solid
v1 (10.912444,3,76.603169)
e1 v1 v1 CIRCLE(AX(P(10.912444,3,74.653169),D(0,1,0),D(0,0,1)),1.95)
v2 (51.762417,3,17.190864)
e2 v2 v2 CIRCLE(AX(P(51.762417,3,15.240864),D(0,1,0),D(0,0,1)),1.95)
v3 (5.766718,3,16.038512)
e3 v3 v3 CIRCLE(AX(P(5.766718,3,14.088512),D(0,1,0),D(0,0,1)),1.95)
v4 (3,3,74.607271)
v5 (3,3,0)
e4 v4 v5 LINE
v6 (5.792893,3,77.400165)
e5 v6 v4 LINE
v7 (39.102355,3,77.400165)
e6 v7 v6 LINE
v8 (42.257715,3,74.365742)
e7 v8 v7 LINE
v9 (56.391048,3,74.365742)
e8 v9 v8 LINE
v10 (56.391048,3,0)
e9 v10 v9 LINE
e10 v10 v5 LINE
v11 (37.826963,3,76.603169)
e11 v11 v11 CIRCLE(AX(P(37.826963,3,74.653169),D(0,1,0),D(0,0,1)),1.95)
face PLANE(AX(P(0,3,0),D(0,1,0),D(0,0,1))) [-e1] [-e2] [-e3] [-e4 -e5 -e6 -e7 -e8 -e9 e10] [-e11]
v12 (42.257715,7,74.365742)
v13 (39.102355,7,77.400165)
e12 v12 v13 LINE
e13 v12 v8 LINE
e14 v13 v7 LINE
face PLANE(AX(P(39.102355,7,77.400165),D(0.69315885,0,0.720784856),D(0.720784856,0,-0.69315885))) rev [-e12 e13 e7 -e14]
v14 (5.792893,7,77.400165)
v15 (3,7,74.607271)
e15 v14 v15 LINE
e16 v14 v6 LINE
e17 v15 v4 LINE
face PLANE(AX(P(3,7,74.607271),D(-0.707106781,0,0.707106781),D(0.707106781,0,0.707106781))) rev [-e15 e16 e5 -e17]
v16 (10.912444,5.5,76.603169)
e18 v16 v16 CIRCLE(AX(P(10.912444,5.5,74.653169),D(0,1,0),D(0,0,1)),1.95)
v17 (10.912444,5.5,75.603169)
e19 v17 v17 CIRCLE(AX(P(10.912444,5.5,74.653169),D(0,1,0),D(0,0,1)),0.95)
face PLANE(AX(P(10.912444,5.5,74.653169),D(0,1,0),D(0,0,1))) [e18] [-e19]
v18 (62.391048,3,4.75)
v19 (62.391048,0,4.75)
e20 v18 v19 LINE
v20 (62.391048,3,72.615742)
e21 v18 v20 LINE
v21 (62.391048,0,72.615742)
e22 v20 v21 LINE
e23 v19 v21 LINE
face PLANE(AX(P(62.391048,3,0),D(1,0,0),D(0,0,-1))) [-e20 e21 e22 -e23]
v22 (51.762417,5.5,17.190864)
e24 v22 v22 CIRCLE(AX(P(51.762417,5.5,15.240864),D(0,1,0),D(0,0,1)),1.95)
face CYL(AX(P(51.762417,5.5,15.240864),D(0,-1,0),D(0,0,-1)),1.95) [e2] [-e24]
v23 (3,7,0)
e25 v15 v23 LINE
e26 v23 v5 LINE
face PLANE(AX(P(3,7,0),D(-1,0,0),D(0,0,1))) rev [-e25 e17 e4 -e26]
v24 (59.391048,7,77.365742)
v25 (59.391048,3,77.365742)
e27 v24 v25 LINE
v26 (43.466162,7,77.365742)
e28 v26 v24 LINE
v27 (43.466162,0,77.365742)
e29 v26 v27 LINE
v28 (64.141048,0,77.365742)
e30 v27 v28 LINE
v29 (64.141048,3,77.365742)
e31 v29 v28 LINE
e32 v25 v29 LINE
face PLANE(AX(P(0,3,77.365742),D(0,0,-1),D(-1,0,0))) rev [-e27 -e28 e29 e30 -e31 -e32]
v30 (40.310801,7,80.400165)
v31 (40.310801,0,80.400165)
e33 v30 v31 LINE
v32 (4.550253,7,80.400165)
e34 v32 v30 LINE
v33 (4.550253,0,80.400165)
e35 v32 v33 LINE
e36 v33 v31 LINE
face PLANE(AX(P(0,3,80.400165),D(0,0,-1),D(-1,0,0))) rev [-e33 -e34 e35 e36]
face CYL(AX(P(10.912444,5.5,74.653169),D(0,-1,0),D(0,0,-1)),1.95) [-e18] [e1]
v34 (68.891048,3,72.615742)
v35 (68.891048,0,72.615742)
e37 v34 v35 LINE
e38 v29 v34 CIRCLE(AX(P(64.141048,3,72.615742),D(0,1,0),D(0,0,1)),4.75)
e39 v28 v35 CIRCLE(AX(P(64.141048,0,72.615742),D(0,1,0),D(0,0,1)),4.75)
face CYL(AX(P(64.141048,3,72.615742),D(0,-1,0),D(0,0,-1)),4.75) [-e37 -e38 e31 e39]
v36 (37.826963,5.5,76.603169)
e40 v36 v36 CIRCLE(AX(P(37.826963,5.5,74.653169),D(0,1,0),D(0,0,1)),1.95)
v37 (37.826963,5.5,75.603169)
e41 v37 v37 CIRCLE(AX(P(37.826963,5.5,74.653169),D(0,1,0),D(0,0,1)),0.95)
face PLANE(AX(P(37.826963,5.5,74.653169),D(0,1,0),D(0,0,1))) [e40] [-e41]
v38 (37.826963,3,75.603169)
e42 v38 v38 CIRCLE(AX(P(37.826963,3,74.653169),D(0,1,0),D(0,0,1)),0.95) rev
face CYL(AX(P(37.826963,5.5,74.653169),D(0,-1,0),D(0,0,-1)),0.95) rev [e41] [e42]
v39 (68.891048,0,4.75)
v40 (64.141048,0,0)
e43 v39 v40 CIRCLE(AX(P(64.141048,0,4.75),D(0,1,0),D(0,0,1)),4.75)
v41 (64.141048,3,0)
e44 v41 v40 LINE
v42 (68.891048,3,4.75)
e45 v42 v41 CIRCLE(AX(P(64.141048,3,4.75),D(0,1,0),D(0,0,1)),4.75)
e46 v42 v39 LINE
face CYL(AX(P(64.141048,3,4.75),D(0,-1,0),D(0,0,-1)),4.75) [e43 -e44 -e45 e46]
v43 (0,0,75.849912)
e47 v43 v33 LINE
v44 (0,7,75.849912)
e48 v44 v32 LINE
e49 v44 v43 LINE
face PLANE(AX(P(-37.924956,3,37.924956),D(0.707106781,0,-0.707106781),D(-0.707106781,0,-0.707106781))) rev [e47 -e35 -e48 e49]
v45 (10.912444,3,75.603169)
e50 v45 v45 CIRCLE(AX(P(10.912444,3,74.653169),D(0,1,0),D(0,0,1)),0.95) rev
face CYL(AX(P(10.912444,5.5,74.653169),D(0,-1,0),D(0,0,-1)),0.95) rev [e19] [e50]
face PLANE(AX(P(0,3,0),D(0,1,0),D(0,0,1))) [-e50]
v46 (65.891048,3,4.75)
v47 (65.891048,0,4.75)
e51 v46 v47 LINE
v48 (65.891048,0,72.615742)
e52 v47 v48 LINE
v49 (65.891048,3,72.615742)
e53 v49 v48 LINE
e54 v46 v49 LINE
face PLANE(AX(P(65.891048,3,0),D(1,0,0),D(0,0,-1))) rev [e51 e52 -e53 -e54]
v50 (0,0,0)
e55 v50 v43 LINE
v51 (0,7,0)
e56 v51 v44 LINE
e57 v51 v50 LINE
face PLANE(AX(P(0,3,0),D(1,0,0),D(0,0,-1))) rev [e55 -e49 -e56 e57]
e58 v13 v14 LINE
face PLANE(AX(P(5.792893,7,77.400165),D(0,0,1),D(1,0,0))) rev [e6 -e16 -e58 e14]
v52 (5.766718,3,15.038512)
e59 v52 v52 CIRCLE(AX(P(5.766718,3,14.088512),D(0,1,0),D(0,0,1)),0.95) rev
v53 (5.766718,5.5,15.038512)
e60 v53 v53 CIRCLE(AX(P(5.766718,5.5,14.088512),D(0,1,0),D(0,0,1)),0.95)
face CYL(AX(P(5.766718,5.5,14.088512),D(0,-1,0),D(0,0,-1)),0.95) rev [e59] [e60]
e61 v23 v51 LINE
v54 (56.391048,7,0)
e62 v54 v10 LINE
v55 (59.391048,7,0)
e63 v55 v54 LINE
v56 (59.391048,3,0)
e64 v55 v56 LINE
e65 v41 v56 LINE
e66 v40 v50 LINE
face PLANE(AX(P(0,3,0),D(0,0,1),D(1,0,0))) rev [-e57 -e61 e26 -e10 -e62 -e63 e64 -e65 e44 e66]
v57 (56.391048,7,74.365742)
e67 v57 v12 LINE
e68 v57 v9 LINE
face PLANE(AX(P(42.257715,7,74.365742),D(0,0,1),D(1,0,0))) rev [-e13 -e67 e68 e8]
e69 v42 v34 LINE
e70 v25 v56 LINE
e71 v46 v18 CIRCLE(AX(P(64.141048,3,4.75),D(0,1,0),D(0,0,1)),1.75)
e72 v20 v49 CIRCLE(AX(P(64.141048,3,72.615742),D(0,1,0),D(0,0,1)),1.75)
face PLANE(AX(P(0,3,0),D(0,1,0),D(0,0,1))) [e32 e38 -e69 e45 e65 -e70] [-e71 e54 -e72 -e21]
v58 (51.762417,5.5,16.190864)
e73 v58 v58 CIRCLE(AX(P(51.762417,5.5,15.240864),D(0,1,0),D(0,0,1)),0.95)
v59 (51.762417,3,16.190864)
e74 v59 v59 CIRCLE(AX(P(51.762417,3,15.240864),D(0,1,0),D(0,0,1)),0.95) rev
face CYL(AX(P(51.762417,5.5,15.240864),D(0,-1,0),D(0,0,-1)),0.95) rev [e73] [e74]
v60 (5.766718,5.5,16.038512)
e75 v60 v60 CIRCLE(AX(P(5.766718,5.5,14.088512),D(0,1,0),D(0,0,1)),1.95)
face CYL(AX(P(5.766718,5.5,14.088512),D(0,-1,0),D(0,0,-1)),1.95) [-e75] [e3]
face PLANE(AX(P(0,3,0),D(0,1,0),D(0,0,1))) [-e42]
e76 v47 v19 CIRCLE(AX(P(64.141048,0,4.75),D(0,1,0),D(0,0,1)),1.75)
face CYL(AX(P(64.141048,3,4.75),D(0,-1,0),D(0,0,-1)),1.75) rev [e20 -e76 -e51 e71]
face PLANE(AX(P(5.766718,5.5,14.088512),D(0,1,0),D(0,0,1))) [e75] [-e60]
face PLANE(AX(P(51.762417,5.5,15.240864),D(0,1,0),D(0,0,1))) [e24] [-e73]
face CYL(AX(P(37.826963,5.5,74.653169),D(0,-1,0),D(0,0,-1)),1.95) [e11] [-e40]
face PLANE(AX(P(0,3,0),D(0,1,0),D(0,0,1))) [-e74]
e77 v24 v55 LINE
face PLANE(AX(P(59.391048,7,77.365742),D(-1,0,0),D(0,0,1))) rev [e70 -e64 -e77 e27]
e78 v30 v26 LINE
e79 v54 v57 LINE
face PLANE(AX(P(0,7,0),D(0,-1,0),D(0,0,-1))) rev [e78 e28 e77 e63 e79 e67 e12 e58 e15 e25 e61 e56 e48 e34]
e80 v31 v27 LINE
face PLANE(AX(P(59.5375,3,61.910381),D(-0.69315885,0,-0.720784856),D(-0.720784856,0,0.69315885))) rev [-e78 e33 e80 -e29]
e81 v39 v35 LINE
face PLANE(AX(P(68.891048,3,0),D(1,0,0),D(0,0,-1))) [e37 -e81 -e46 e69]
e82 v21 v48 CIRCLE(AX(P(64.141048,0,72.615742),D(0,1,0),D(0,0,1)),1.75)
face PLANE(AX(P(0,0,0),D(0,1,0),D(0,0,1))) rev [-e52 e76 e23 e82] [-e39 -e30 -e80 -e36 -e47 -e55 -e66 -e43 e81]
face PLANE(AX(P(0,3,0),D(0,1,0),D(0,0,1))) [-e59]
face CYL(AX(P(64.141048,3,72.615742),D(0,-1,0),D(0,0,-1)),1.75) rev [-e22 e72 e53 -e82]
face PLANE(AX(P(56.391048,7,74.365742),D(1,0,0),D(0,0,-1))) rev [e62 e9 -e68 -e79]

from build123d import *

# Parameters (mm, degrees)
CROQUIS2_R              = 0.95
SALIENTE_EXTRUIR1_DEPTH = 3
SALIENTE_EXTRUIR2_DEPTH = 4
CROQUIS5_R              = 1.95
CROQUIS5_R_2            = 0.95
SALIENTE_EXTRUIR3_DEPTH = 2.5


with BuildPart() as part:
    # Croquis2 → Saliente-Extruir1 (new body)
    # profile 1 of 9: a face of its own
    with BuildSketch(Plane(origin=(0, 0, 0), x_dir=(1, 0, 0), z_dir=(0, 1, 0))):
        Polygon((42.257715083, -74.365742034), (56.391047804, -74.365742034), (56.391047804, 0), (3, 0), (3, -74.607271369), (5.792893219, -77.400164587), (39.10235492, -77.400164587), align=None)
        with Locations((5.766718429, -14.088511522)):
            Circle(CROQUIS2_R, mode=Mode.SUBTRACT)
        with Locations((51.762416691, -15.240864439)):
            Circle(CROQUIS2_R, mode=Mode.SUBTRACT)
        with Locations((10.912444351, -74.653169117)):
            Circle(CROQUIS2_R, mode=Mode.SUBTRACT)
        with Locations((37.82696283, -74.653169117)):
            Circle(CROQUIS2_R, mode=Mode.SUBTRACT)
    # profile 2 of 9: a face of its own
    with BuildSketch(Plane(origin=(0, 0, 0), x_dir=(1, 0, 0), z_dir=(0, 1, 0))):
        Polygon((3, 0), (0, 0), (0, -75.849912056), (4.550252532, -80.400164587), (40.310801486, -80.400164587), (43.466161649, -77.365742034), (59.391047804, -77.365742034), (59.391047804, -72.615742034), (59.391047804, -4.75), (59.391047804, 0), (56.391047804, 0), (56.391047804, -74.365742034), (42.257715083, -74.365742034), (39.10235492, -77.400164587), (5.792893219, -77.400164587), (3, -74.607271369), align=None)
    # profile 3 of 9: a face of its own
    with BuildSketch(Plane(origin=(0, 0, 0), x_dir=(1, 0, 0), z_dir=(0, 1, 0))):
        with Locations((5.766718429, -14.088511522)):
            Circle(CROQUIS2_R)
    # profile 4 of 9: a face of its own
    with BuildSketch(Plane(origin=(0, 0, 0), x_dir=(1, 0, 0), z_dir=(0, 1, 0))):
        with Locations((37.82696283, -74.653169117)):
            Circle(CROQUIS2_R)
    # profile 5 of 9: a face of its own
    with BuildSketch(Plane(origin=(0, 0, 0), x_dir=(1, 0, 0), z_dir=(0, 1, 0))):
        with BuildLine():
            ThreePointArc((64.141047804, 0), (60.782290593, -1.391242789), (59.391047804, -4.75))
            Line((59.391047804, -4.75), (59.391047804, -72.615742034))
            ThreePointArc((59.391047804, -72.615742034), (60.782290593, -75.974499245), (64.141047804, -77.365742034))
            ThreePointArc((64.141047804, -77.365742034), (67.499805014, -75.974499245), (68.891047804, -72.615742034))
            Line((68.891047804, -72.615742034), (68.891047804, -4.75))
            ThreePointArc((68.891047804, -4.75), (67.499805014, -1.391242789), (64.141047804, 0))
        make_face()
        with BuildLine():
            ThreePointArc((62.391047804, -4.75), (64.141047804, -3), (65.891047804, -4.75))
            Line((65.891047804, -4.75), (65.891047804, -72.615742034))
            ThreePointArc((65.891047804, -72.615742034), (64.141047804, -74.365742034), (62.391047804, -72.615742034))
            Line((62.391047804, -72.615742034), (62.391047804, -4.75))
        make_face(mode=Mode.SUBTRACT)
    # profile 6 of 9: a face of its own
    with BuildSketch(Plane(origin=(0, 0, 0), x_dir=(1, 0, 0), z_dir=(0, 1, 0))):
        with Locations((51.762416691, -15.240864439)):
            Circle(CROQUIS2_R)
    # profile 7 of 9: a face of its own
    with BuildSketch(Plane(origin=(0, 0, 0), x_dir=(1, 0, 0), z_dir=(0, 1, 0))):
        with Locations((10.912444351, -74.653169117)):
            Circle(CROQUIS2_R)
    # profile 8 of 9: a face of its own
    with BuildSketch(Plane(origin=(0, 0, 0), x_dir=(1, 0, 0), z_dir=(0, 1, 0))):
        with BuildLine():
            Line((59.391047804, -72.615742034), (59.391047804, -77.365742034))
            Line((59.391047804, -77.365742034), (64.141047804, -77.365742034))
            ThreePointArc((64.141047804, -77.365742034), (60.782290593, -75.974499245), (59.391047804, -72.615742034))
        make_face()
    # profile 9 of 9: a face of its own
    with BuildSketch(Plane(origin=(0, 0, 0), x_dir=(1, 0, 0), z_dir=(0, 1, 0))):
        with BuildLine():
            Line((64.141047804, 0), (59.391047804, 0))
            Line((59.391047804, 0), (59.391047804, -4.75))
            ThreePointArc((59.391047804, -4.75), (60.782290593, -1.391242789), (64.141047804, 0))
        make_face()
    extrude(amount=SALIENTE_EXTRUIR1_DEPTH)

    # Croquis4 → Saliente-Extruir2 (add)
    with BuildSketch(Plane(origin=(0, 3, 0), x_dir=(1, 0, 0), z_dir=(0, 1, 0))):
        Polygon((0, 0), (0, -75.849912056), (4.550252532, -80.400164587), (40.310801486, -80.400164587), (43.466161649, -77.365742034), (59.391047804, -77.365742034), (59.391047804, 0), (56.391047804, 0), (56.391047804, -74.365742034), (42.257715083, -74.365742034), (39.10235492, -77.400164587), (5.792893219, -77.400164587), (3, -74.607271369), (3, 0), align=None)
    extrude(amount=SALIENTE_EXTRUIR2_DEPTH)

    # Croquis5 → Saliente-Extruir3 (add)
    # profile 1 of 4: a face of its own
    with BuildSketch(Plane(origin=(0, 3, 0), x_dir=(1, 0, 0), z_dir=(0, 1, 0))):
        with Locations(Location((5.766718429, -14.088511522, 0), (0, 0, 270))):
            Circle(CROQUIS5_R)
        with Locations(Location((5.766718429, -14.088511522, 0), (0, 0, 270))):
            Circle(CROQUIS5_R_2, mode=Mode.SUBTRACT)
    # profile 2 of 4: a face of its own
    with BuildSketch(Plane(origin=(0, 3, 0), x_dir=(1, 0, 0), z_dir=(0, 1, 0))):
        with Locations(Location((51.762416691, -15.240864439, 0), (0, 0, 270))):
            Circle(CROQUIS5_R)
        with Locations(Location((51.762416691, -15.240864439, 0), (0, 0, 270))):
            Circle(CROQUIS5_R_2, mode=Mode.SUBTRACT)
    # profile 3 of 4: a face of its own
    with BuildSketch(Plane(origin=(0, 3, 0), x_dir=(1, 0, 0), z_dir=(0, 1, 0))):
        with Locations(Location((37.82696283, -74.653169117, 0), (0, 0, 270))):
            Circle(CROQUIS5_R)
        with Locations(Location((37.82696283, -74.653169117, 0), (0, 0, 270))):
            Circle(CROQUIS5_R_2, mode=Mode.SUBTRACT)
    # profile 4 of 4: a face of its own
    with BuildSketch(Plane(origin=(0, 3, 0), x_dir=(1, 0, 0), z_dir=(0, 1, 0))):
        with Locations(Location((10.912444351, -74.653169117, 0), (0, 0, 270))):
            Circle(CROQUIS5_R)
        with Locations(Location((10.912444351, -74.653169117, 0), (0, 0, 270))):
            Circle(CROQUIS5_R_2, mode=Mode.SUBTRACT)
    extrude(amount=SALIENTE_EXTRUIR3_DEPTH)


solid = part.part
